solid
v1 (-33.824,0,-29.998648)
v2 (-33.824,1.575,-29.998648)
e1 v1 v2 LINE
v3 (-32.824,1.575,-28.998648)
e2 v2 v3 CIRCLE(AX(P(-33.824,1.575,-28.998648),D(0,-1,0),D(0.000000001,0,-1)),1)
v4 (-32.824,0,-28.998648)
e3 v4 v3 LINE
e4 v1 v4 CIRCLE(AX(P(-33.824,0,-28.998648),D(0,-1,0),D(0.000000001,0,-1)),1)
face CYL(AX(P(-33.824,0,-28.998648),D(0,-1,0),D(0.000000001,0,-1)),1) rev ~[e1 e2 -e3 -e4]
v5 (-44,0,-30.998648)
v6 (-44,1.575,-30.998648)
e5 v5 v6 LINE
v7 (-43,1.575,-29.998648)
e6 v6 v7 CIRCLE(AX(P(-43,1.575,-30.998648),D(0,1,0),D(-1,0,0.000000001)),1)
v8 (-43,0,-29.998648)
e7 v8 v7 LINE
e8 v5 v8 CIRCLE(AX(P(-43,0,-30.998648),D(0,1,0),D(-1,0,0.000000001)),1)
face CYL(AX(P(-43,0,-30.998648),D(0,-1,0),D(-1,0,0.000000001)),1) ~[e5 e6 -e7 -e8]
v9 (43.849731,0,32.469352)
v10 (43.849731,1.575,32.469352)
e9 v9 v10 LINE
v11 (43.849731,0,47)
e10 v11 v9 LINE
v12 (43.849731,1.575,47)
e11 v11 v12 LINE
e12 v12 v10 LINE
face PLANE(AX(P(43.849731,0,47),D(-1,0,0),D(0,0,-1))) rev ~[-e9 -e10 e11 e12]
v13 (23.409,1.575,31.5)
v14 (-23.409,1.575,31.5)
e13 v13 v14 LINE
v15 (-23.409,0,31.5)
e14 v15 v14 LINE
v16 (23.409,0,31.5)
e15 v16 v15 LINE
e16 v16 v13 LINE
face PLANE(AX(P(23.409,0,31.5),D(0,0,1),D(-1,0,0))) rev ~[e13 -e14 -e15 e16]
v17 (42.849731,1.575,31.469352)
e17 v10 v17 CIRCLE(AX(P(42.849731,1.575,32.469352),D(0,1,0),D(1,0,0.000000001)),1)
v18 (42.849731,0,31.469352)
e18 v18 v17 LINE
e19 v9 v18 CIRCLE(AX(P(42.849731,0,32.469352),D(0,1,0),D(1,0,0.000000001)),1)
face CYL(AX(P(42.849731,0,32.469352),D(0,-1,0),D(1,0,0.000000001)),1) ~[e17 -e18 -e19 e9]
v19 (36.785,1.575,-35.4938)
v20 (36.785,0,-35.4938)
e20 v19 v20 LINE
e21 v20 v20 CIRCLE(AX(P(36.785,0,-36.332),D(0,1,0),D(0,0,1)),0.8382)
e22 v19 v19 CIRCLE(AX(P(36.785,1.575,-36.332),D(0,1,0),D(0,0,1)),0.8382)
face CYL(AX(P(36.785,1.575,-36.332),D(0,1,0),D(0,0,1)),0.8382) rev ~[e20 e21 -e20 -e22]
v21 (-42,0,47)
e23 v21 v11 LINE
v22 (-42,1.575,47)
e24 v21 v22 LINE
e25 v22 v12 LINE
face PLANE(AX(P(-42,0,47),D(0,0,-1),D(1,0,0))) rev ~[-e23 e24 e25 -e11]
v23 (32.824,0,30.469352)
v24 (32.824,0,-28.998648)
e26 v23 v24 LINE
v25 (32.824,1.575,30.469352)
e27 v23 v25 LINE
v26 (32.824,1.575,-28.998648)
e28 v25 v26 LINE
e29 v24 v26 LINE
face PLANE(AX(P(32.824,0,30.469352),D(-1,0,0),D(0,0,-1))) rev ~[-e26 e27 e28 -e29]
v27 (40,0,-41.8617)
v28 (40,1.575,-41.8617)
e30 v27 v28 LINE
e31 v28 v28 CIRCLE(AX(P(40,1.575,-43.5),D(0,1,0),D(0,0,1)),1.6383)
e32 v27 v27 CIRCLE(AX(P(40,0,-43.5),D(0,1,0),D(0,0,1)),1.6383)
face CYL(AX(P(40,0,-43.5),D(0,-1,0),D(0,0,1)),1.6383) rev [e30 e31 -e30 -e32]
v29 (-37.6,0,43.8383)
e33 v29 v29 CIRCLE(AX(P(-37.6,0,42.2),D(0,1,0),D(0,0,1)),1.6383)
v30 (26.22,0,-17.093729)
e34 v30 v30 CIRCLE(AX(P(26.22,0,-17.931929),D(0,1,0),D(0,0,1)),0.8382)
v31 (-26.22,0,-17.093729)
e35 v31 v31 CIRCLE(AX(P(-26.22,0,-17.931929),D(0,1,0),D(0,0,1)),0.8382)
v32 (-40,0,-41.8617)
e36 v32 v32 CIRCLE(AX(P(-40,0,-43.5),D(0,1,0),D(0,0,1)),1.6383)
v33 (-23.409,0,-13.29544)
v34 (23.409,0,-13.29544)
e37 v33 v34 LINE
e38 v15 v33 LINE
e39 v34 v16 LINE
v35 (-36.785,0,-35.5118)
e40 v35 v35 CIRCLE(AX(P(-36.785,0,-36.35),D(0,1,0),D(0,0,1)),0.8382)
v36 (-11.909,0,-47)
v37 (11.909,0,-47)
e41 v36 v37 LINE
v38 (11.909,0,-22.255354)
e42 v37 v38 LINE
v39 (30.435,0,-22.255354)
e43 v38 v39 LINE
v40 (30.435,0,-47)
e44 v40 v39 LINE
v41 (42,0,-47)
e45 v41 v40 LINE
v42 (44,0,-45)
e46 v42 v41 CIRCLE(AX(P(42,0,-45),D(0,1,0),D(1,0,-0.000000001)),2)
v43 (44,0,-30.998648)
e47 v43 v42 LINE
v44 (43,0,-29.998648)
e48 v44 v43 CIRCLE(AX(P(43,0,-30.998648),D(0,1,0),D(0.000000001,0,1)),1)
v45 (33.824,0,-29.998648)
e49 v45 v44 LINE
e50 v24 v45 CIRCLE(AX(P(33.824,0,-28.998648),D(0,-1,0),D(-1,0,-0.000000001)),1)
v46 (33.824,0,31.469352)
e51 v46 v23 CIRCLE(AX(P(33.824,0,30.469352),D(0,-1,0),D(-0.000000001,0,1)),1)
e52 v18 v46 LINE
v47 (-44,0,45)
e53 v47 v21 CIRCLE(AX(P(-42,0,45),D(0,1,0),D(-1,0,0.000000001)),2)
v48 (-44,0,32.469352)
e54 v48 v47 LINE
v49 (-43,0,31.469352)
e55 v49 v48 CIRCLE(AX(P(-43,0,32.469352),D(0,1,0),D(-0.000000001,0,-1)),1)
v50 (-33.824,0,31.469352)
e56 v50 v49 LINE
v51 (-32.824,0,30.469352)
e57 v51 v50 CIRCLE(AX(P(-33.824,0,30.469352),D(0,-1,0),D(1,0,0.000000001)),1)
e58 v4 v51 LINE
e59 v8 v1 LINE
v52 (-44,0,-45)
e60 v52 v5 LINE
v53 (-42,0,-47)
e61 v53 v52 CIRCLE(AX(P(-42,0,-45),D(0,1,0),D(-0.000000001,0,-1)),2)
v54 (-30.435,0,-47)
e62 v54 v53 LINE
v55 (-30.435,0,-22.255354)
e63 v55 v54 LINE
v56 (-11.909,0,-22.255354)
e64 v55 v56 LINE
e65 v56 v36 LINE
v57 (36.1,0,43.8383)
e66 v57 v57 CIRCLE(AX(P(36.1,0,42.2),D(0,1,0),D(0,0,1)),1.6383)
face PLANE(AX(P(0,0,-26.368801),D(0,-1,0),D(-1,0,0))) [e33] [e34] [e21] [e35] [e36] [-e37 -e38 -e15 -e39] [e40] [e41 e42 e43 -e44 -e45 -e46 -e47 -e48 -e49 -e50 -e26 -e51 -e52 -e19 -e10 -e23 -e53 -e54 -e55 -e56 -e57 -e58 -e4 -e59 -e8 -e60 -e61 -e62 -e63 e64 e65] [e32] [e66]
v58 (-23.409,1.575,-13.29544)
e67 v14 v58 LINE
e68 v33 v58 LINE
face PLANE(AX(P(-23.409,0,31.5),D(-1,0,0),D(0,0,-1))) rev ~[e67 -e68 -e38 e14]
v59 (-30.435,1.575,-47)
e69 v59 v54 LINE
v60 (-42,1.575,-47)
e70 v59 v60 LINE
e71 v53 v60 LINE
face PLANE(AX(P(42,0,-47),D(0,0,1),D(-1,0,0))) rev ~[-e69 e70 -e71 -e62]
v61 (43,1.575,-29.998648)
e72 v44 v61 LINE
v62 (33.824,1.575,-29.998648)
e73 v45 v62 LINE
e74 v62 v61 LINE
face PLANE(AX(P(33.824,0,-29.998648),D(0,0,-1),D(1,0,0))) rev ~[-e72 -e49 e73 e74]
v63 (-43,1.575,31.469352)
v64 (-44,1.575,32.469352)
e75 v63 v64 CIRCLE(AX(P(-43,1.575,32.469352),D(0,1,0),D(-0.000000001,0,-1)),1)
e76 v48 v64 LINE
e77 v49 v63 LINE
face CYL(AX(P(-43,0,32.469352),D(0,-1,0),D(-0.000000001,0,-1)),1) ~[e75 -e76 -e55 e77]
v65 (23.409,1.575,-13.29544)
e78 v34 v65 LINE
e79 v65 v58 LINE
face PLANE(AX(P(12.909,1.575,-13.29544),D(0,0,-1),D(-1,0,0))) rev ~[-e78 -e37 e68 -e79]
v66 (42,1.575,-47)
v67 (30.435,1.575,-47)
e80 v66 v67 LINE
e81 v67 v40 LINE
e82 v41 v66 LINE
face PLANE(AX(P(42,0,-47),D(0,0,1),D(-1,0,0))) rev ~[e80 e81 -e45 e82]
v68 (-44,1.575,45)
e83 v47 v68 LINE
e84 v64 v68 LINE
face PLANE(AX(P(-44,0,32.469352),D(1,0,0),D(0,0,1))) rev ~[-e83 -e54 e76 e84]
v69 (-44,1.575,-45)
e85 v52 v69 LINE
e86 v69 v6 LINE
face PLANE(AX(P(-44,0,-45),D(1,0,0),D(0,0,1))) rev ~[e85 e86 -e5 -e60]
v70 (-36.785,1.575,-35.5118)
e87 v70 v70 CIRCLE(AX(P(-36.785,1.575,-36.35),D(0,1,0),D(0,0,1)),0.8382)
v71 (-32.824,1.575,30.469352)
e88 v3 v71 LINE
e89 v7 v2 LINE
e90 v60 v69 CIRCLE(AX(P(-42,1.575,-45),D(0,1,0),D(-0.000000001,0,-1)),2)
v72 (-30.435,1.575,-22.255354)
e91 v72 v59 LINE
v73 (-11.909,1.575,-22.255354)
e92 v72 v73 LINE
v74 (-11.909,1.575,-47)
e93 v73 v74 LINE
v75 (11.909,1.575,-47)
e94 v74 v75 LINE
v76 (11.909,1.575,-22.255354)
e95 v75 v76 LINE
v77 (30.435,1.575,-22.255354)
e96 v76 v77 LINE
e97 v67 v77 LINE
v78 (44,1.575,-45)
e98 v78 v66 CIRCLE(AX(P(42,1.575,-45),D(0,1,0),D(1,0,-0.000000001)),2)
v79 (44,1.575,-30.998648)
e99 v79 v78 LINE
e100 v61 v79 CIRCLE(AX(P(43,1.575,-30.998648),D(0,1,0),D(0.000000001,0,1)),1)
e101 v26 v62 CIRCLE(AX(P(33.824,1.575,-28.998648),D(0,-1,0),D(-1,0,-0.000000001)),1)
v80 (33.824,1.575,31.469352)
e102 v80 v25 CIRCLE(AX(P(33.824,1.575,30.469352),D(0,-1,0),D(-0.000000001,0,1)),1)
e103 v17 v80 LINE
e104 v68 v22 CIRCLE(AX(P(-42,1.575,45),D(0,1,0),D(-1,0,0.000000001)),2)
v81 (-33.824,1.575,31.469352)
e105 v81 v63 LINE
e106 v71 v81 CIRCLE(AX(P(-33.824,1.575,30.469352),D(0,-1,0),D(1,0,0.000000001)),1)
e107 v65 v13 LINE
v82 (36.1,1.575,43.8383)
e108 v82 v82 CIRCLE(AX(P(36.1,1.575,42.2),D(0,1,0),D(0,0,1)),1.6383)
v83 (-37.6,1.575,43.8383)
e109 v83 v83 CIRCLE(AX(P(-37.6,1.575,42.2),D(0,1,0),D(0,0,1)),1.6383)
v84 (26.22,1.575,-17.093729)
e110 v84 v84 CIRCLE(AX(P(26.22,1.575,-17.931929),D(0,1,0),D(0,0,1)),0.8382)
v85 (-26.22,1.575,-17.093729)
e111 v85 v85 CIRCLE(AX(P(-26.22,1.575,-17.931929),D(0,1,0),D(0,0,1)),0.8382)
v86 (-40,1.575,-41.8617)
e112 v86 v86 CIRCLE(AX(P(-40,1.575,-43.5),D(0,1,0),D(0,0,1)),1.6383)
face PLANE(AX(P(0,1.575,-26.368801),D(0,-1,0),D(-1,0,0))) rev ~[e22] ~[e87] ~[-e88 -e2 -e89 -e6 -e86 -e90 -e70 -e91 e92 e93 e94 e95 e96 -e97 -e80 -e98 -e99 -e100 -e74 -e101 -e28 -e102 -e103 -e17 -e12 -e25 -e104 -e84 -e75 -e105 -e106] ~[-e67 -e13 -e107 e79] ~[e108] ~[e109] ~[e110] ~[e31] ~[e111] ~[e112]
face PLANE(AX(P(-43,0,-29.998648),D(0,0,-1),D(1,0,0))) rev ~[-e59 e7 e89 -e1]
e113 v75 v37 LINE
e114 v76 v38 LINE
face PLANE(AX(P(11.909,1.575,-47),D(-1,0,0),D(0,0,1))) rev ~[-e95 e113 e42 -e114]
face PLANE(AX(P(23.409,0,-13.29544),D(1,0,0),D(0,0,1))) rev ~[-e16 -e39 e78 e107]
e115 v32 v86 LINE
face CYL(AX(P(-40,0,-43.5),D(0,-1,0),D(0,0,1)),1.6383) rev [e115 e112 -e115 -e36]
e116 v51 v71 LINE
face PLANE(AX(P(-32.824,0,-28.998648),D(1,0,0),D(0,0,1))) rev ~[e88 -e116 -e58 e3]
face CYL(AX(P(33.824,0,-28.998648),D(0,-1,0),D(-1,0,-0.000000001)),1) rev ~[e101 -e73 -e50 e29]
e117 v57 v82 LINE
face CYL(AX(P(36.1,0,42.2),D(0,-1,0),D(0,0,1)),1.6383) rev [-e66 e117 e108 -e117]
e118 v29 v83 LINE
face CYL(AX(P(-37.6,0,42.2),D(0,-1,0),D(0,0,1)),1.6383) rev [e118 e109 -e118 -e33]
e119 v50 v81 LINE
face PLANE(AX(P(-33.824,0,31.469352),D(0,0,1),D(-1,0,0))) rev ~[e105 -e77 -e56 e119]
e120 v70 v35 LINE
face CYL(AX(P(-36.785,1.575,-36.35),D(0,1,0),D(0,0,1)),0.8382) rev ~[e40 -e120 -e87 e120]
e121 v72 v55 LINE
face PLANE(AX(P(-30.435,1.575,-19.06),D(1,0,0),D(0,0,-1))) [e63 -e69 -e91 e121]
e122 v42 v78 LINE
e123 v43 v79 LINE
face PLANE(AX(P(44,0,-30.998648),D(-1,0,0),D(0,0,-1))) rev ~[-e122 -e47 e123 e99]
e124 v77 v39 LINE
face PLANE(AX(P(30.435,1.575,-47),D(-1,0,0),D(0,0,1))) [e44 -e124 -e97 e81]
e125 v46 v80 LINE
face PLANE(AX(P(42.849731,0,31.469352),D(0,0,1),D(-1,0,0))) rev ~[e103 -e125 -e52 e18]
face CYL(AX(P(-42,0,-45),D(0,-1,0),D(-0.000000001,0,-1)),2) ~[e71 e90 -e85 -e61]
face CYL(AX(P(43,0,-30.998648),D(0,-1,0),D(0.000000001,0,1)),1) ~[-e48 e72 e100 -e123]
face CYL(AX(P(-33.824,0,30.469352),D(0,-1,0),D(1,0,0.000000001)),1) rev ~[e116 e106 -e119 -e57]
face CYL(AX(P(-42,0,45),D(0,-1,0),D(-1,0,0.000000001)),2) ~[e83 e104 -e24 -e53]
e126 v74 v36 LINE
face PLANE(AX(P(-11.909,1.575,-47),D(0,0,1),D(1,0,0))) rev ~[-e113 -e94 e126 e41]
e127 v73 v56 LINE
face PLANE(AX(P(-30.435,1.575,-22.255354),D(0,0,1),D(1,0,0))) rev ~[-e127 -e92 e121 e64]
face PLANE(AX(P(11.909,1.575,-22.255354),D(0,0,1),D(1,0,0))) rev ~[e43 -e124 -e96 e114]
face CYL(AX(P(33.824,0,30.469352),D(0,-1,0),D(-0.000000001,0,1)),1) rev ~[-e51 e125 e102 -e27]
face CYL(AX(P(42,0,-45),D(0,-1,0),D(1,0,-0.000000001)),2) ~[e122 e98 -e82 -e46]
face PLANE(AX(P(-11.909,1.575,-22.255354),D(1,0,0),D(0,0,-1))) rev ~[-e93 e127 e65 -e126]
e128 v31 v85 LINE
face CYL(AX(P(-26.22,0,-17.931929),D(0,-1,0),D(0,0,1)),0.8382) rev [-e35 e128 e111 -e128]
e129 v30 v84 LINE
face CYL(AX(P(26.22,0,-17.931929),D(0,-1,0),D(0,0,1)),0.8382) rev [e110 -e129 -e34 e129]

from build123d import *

# Parameters (mm, degrees)
SKETCH1_R           = 1.6383
SKETCH1_R_2         = 0.8382
BOSS_EXTRUDE1_DEPTH = 1.575
CUT_EXTRUDE1_DEPTH  = 2.54
SKETCH15_R          = 0.8382
CUT_EXTRUDE5_DEPTH  = 1.575
BOSS_EXTRUDE2_DEPTH = 1.575


with BuildPart() as part:
    # Sketch1 → Boss-Extrude1 (new body)
    with BuildSketch(Plane(origin=(0, 0, 0), x_dir=(1, 0, 0), z_dir=(0, 1, 0))):
        with BuildLine():
            Line((-44, 45), (-44, 30.998648377))
            ThreePointArc((-44, 30.998648377), (-43.707106781, 30.291541596), (-43, 29.998648377))
            Line((-43, 29.998648377), (-33.824, 29.998648377))
            ThreePointArc((-33.824, 29.998648377), (-33.116893219, 29.705755158), (-32.824, 28.998648377))
            Line((-32.824, 28.998648377), (-32.824, -30.469351623))
            ThreePointArc((-32.824, -30.469351623), (-33.116893219, -31.176458404), (-33.824, -31.469351623))
            Line((-33.824, -31.469351623), (-36.100000052, -31.469351623))
            Line((-36.100000052, -31.469351623), (-42.999999948, -31.469351623))
            ThreePointArc((-42.999999948, -31.469351623), (-43.707106729, -31.762244842), (-43.999999948, -32.469351623))
            Line((-43.999999948, -32.469351623), (-43.999999948, -38.977))
            Line((-43.999999948, -38.977), (-43.999999948, -45))
            ThreePointArc((-43.999999948, -45), (-43.41421351, -46.414213562), (-41.999999948, -47))
            Line((-41.999999948, -47), (42.705916546, -47))
            Line((42.705916546, -47), (43.849731117, -47))
            Line((43.849731117, -47), (43.849731117, -38.27))
            Line((43.849731117, -38.27), (43.849731117, -32.469351623))
            ThreePointArc((43.849731117, -32.469351623), (43.556837899, -31.762244842), (42.849731117, -31.469351623))
            Line((42.849731117, -31.469351623), (36.100000052, -31.469351623))
            Line((36.100000052, -31.469351623), (33.824, -31.469351623))
            ThreePointArc((33.824, -31.469351623), (33.116893219, -31.176458404), (32.824, -30.469351623))
            Line((32.824, -30.469351623), (32.824, 28.998648377))
            ThreePointArc((32.824, 28.998648377), (33.116893219, 29.705755158), (33.824, 29.998648377))
            Line((33.824, 29.998648377), (43, 29.998648377))
            ThreePointArc((43, 29.998648377), (43.707106781, 30.291541596), (44, 30.998648377))
            Line((44, 30.998648377), (44, 31.284))
            Line((44, 31.284), (44, 45))
            ThreePointArc((44, 45), (43.414213562, 46.414213562), (42, 47))
            Line((42, 47), (-42, 47))
            ThreePointArc((-42, 47), (-43.414213562, 46.414213562), (-44, 45))
        make_face()
        with Locations(Location((40, 43.5, 0), (0, 0, 270))):
            Circle(SKETCH1_R, mode=Mode.SUBTRACT)
        with Locations(Location((-40, 43.5, 0), (0, 0, 270))):
            Circle(SKETCH1_R, mode=Mode.SUBTRACT)
        with Locations(Location((-37.599999948, -42.2, 0), (0, 0, 270))):
            Circle(SKETCH1_R, mode=Mode.SUBTRACT)
        with Locations(Location((36.100000052, -42.2, 0), (0, 0, 270))):
            Circle(SKETCH1_R, mode=Mode.SUBTRACT)
        with Locations(Location((26.22, 17.931928709, 0), (0, 0, 270))):
            Circle(SKETCH1_R_2, mode=Mode.SUBTRACT)
        with Locations(Location((-26.22, 17.931928709, 0), (0, 0, 270))):
            Circle(SKETCH1_R_2, mode=Mode.SUBTRACT)
        Polygon((23.409, -31.5), (-23.409, -31.5), (-23.409, 13.29544), (-12.909, 13.29544), (-12.909, 25.99544), (12.909, 25.99544), (12.909, 13.29544), (23.409, 13.29544), align=None, mode=Mode.SUBTRACT)
    extrude(amount=BOSS_EXTRUDE1_DEPTH)

    # Sketch2 → Cut-Extrude1 (cut)
    with BuildSketch(Plane(origin=(0, 1.575, 0), x_dir=(1, 0, 0), z_dir=(0, 1, 0))):
        Polygon((-12.909, 19.06), (-30.435, 19.06), (-30.435, 47), (30.435, 47), (30.435, 19.06), (12.909, 19.06), (12.909, 25.99544), (-12.909, 25.99544), align=None)
    extrude(amount=-CUT_EXTRUDE1_DEPTH, mode=Mode.SUBTRACT)

    # Sketch15 → Cut-Extrude5 (cut)
    with BuildSketch(Plane(origin=(0, 1.575, 0), x_dir=(1, 0, 0), z_dir=(0, 1, 0))):
        with Locations(Location((-36.785, 36.35, 0), (0, 0, 270))):
            Circle(SKETCH15_R)
        with Locations(Location((36.785, 36.332, 0), (0, 0, 270))):
            Circle(SKETCH15_R)
    extrude(amount=-CUT_EXTRUDE5_DEPTH, mode=Mode.SUBTRACT)

    # Sketch16 → Boss-Extrude2 (add)
    with BuildSketch(Plane(origin=(0, 1.575, 0), x_dir=(1, 0, 0), z_dir=(0, 1, 0))):
        Polygon((12.909, 19.06), (12.909, 13.29544), (-12.909, 13.29544), (-12.909, 19.06), (-30.435, 19.06), (-30.435, 22.25535429), (-11.909, 22.25535429), (-11.909, 47), (11.909, 47), (11.909, 22.25535429), (30.435, 22.25535429), (30.435, 19.06), align=None)
    extrude(amount=-BOSS_EXTRUDE2_DEPTH)


solid = part.part
